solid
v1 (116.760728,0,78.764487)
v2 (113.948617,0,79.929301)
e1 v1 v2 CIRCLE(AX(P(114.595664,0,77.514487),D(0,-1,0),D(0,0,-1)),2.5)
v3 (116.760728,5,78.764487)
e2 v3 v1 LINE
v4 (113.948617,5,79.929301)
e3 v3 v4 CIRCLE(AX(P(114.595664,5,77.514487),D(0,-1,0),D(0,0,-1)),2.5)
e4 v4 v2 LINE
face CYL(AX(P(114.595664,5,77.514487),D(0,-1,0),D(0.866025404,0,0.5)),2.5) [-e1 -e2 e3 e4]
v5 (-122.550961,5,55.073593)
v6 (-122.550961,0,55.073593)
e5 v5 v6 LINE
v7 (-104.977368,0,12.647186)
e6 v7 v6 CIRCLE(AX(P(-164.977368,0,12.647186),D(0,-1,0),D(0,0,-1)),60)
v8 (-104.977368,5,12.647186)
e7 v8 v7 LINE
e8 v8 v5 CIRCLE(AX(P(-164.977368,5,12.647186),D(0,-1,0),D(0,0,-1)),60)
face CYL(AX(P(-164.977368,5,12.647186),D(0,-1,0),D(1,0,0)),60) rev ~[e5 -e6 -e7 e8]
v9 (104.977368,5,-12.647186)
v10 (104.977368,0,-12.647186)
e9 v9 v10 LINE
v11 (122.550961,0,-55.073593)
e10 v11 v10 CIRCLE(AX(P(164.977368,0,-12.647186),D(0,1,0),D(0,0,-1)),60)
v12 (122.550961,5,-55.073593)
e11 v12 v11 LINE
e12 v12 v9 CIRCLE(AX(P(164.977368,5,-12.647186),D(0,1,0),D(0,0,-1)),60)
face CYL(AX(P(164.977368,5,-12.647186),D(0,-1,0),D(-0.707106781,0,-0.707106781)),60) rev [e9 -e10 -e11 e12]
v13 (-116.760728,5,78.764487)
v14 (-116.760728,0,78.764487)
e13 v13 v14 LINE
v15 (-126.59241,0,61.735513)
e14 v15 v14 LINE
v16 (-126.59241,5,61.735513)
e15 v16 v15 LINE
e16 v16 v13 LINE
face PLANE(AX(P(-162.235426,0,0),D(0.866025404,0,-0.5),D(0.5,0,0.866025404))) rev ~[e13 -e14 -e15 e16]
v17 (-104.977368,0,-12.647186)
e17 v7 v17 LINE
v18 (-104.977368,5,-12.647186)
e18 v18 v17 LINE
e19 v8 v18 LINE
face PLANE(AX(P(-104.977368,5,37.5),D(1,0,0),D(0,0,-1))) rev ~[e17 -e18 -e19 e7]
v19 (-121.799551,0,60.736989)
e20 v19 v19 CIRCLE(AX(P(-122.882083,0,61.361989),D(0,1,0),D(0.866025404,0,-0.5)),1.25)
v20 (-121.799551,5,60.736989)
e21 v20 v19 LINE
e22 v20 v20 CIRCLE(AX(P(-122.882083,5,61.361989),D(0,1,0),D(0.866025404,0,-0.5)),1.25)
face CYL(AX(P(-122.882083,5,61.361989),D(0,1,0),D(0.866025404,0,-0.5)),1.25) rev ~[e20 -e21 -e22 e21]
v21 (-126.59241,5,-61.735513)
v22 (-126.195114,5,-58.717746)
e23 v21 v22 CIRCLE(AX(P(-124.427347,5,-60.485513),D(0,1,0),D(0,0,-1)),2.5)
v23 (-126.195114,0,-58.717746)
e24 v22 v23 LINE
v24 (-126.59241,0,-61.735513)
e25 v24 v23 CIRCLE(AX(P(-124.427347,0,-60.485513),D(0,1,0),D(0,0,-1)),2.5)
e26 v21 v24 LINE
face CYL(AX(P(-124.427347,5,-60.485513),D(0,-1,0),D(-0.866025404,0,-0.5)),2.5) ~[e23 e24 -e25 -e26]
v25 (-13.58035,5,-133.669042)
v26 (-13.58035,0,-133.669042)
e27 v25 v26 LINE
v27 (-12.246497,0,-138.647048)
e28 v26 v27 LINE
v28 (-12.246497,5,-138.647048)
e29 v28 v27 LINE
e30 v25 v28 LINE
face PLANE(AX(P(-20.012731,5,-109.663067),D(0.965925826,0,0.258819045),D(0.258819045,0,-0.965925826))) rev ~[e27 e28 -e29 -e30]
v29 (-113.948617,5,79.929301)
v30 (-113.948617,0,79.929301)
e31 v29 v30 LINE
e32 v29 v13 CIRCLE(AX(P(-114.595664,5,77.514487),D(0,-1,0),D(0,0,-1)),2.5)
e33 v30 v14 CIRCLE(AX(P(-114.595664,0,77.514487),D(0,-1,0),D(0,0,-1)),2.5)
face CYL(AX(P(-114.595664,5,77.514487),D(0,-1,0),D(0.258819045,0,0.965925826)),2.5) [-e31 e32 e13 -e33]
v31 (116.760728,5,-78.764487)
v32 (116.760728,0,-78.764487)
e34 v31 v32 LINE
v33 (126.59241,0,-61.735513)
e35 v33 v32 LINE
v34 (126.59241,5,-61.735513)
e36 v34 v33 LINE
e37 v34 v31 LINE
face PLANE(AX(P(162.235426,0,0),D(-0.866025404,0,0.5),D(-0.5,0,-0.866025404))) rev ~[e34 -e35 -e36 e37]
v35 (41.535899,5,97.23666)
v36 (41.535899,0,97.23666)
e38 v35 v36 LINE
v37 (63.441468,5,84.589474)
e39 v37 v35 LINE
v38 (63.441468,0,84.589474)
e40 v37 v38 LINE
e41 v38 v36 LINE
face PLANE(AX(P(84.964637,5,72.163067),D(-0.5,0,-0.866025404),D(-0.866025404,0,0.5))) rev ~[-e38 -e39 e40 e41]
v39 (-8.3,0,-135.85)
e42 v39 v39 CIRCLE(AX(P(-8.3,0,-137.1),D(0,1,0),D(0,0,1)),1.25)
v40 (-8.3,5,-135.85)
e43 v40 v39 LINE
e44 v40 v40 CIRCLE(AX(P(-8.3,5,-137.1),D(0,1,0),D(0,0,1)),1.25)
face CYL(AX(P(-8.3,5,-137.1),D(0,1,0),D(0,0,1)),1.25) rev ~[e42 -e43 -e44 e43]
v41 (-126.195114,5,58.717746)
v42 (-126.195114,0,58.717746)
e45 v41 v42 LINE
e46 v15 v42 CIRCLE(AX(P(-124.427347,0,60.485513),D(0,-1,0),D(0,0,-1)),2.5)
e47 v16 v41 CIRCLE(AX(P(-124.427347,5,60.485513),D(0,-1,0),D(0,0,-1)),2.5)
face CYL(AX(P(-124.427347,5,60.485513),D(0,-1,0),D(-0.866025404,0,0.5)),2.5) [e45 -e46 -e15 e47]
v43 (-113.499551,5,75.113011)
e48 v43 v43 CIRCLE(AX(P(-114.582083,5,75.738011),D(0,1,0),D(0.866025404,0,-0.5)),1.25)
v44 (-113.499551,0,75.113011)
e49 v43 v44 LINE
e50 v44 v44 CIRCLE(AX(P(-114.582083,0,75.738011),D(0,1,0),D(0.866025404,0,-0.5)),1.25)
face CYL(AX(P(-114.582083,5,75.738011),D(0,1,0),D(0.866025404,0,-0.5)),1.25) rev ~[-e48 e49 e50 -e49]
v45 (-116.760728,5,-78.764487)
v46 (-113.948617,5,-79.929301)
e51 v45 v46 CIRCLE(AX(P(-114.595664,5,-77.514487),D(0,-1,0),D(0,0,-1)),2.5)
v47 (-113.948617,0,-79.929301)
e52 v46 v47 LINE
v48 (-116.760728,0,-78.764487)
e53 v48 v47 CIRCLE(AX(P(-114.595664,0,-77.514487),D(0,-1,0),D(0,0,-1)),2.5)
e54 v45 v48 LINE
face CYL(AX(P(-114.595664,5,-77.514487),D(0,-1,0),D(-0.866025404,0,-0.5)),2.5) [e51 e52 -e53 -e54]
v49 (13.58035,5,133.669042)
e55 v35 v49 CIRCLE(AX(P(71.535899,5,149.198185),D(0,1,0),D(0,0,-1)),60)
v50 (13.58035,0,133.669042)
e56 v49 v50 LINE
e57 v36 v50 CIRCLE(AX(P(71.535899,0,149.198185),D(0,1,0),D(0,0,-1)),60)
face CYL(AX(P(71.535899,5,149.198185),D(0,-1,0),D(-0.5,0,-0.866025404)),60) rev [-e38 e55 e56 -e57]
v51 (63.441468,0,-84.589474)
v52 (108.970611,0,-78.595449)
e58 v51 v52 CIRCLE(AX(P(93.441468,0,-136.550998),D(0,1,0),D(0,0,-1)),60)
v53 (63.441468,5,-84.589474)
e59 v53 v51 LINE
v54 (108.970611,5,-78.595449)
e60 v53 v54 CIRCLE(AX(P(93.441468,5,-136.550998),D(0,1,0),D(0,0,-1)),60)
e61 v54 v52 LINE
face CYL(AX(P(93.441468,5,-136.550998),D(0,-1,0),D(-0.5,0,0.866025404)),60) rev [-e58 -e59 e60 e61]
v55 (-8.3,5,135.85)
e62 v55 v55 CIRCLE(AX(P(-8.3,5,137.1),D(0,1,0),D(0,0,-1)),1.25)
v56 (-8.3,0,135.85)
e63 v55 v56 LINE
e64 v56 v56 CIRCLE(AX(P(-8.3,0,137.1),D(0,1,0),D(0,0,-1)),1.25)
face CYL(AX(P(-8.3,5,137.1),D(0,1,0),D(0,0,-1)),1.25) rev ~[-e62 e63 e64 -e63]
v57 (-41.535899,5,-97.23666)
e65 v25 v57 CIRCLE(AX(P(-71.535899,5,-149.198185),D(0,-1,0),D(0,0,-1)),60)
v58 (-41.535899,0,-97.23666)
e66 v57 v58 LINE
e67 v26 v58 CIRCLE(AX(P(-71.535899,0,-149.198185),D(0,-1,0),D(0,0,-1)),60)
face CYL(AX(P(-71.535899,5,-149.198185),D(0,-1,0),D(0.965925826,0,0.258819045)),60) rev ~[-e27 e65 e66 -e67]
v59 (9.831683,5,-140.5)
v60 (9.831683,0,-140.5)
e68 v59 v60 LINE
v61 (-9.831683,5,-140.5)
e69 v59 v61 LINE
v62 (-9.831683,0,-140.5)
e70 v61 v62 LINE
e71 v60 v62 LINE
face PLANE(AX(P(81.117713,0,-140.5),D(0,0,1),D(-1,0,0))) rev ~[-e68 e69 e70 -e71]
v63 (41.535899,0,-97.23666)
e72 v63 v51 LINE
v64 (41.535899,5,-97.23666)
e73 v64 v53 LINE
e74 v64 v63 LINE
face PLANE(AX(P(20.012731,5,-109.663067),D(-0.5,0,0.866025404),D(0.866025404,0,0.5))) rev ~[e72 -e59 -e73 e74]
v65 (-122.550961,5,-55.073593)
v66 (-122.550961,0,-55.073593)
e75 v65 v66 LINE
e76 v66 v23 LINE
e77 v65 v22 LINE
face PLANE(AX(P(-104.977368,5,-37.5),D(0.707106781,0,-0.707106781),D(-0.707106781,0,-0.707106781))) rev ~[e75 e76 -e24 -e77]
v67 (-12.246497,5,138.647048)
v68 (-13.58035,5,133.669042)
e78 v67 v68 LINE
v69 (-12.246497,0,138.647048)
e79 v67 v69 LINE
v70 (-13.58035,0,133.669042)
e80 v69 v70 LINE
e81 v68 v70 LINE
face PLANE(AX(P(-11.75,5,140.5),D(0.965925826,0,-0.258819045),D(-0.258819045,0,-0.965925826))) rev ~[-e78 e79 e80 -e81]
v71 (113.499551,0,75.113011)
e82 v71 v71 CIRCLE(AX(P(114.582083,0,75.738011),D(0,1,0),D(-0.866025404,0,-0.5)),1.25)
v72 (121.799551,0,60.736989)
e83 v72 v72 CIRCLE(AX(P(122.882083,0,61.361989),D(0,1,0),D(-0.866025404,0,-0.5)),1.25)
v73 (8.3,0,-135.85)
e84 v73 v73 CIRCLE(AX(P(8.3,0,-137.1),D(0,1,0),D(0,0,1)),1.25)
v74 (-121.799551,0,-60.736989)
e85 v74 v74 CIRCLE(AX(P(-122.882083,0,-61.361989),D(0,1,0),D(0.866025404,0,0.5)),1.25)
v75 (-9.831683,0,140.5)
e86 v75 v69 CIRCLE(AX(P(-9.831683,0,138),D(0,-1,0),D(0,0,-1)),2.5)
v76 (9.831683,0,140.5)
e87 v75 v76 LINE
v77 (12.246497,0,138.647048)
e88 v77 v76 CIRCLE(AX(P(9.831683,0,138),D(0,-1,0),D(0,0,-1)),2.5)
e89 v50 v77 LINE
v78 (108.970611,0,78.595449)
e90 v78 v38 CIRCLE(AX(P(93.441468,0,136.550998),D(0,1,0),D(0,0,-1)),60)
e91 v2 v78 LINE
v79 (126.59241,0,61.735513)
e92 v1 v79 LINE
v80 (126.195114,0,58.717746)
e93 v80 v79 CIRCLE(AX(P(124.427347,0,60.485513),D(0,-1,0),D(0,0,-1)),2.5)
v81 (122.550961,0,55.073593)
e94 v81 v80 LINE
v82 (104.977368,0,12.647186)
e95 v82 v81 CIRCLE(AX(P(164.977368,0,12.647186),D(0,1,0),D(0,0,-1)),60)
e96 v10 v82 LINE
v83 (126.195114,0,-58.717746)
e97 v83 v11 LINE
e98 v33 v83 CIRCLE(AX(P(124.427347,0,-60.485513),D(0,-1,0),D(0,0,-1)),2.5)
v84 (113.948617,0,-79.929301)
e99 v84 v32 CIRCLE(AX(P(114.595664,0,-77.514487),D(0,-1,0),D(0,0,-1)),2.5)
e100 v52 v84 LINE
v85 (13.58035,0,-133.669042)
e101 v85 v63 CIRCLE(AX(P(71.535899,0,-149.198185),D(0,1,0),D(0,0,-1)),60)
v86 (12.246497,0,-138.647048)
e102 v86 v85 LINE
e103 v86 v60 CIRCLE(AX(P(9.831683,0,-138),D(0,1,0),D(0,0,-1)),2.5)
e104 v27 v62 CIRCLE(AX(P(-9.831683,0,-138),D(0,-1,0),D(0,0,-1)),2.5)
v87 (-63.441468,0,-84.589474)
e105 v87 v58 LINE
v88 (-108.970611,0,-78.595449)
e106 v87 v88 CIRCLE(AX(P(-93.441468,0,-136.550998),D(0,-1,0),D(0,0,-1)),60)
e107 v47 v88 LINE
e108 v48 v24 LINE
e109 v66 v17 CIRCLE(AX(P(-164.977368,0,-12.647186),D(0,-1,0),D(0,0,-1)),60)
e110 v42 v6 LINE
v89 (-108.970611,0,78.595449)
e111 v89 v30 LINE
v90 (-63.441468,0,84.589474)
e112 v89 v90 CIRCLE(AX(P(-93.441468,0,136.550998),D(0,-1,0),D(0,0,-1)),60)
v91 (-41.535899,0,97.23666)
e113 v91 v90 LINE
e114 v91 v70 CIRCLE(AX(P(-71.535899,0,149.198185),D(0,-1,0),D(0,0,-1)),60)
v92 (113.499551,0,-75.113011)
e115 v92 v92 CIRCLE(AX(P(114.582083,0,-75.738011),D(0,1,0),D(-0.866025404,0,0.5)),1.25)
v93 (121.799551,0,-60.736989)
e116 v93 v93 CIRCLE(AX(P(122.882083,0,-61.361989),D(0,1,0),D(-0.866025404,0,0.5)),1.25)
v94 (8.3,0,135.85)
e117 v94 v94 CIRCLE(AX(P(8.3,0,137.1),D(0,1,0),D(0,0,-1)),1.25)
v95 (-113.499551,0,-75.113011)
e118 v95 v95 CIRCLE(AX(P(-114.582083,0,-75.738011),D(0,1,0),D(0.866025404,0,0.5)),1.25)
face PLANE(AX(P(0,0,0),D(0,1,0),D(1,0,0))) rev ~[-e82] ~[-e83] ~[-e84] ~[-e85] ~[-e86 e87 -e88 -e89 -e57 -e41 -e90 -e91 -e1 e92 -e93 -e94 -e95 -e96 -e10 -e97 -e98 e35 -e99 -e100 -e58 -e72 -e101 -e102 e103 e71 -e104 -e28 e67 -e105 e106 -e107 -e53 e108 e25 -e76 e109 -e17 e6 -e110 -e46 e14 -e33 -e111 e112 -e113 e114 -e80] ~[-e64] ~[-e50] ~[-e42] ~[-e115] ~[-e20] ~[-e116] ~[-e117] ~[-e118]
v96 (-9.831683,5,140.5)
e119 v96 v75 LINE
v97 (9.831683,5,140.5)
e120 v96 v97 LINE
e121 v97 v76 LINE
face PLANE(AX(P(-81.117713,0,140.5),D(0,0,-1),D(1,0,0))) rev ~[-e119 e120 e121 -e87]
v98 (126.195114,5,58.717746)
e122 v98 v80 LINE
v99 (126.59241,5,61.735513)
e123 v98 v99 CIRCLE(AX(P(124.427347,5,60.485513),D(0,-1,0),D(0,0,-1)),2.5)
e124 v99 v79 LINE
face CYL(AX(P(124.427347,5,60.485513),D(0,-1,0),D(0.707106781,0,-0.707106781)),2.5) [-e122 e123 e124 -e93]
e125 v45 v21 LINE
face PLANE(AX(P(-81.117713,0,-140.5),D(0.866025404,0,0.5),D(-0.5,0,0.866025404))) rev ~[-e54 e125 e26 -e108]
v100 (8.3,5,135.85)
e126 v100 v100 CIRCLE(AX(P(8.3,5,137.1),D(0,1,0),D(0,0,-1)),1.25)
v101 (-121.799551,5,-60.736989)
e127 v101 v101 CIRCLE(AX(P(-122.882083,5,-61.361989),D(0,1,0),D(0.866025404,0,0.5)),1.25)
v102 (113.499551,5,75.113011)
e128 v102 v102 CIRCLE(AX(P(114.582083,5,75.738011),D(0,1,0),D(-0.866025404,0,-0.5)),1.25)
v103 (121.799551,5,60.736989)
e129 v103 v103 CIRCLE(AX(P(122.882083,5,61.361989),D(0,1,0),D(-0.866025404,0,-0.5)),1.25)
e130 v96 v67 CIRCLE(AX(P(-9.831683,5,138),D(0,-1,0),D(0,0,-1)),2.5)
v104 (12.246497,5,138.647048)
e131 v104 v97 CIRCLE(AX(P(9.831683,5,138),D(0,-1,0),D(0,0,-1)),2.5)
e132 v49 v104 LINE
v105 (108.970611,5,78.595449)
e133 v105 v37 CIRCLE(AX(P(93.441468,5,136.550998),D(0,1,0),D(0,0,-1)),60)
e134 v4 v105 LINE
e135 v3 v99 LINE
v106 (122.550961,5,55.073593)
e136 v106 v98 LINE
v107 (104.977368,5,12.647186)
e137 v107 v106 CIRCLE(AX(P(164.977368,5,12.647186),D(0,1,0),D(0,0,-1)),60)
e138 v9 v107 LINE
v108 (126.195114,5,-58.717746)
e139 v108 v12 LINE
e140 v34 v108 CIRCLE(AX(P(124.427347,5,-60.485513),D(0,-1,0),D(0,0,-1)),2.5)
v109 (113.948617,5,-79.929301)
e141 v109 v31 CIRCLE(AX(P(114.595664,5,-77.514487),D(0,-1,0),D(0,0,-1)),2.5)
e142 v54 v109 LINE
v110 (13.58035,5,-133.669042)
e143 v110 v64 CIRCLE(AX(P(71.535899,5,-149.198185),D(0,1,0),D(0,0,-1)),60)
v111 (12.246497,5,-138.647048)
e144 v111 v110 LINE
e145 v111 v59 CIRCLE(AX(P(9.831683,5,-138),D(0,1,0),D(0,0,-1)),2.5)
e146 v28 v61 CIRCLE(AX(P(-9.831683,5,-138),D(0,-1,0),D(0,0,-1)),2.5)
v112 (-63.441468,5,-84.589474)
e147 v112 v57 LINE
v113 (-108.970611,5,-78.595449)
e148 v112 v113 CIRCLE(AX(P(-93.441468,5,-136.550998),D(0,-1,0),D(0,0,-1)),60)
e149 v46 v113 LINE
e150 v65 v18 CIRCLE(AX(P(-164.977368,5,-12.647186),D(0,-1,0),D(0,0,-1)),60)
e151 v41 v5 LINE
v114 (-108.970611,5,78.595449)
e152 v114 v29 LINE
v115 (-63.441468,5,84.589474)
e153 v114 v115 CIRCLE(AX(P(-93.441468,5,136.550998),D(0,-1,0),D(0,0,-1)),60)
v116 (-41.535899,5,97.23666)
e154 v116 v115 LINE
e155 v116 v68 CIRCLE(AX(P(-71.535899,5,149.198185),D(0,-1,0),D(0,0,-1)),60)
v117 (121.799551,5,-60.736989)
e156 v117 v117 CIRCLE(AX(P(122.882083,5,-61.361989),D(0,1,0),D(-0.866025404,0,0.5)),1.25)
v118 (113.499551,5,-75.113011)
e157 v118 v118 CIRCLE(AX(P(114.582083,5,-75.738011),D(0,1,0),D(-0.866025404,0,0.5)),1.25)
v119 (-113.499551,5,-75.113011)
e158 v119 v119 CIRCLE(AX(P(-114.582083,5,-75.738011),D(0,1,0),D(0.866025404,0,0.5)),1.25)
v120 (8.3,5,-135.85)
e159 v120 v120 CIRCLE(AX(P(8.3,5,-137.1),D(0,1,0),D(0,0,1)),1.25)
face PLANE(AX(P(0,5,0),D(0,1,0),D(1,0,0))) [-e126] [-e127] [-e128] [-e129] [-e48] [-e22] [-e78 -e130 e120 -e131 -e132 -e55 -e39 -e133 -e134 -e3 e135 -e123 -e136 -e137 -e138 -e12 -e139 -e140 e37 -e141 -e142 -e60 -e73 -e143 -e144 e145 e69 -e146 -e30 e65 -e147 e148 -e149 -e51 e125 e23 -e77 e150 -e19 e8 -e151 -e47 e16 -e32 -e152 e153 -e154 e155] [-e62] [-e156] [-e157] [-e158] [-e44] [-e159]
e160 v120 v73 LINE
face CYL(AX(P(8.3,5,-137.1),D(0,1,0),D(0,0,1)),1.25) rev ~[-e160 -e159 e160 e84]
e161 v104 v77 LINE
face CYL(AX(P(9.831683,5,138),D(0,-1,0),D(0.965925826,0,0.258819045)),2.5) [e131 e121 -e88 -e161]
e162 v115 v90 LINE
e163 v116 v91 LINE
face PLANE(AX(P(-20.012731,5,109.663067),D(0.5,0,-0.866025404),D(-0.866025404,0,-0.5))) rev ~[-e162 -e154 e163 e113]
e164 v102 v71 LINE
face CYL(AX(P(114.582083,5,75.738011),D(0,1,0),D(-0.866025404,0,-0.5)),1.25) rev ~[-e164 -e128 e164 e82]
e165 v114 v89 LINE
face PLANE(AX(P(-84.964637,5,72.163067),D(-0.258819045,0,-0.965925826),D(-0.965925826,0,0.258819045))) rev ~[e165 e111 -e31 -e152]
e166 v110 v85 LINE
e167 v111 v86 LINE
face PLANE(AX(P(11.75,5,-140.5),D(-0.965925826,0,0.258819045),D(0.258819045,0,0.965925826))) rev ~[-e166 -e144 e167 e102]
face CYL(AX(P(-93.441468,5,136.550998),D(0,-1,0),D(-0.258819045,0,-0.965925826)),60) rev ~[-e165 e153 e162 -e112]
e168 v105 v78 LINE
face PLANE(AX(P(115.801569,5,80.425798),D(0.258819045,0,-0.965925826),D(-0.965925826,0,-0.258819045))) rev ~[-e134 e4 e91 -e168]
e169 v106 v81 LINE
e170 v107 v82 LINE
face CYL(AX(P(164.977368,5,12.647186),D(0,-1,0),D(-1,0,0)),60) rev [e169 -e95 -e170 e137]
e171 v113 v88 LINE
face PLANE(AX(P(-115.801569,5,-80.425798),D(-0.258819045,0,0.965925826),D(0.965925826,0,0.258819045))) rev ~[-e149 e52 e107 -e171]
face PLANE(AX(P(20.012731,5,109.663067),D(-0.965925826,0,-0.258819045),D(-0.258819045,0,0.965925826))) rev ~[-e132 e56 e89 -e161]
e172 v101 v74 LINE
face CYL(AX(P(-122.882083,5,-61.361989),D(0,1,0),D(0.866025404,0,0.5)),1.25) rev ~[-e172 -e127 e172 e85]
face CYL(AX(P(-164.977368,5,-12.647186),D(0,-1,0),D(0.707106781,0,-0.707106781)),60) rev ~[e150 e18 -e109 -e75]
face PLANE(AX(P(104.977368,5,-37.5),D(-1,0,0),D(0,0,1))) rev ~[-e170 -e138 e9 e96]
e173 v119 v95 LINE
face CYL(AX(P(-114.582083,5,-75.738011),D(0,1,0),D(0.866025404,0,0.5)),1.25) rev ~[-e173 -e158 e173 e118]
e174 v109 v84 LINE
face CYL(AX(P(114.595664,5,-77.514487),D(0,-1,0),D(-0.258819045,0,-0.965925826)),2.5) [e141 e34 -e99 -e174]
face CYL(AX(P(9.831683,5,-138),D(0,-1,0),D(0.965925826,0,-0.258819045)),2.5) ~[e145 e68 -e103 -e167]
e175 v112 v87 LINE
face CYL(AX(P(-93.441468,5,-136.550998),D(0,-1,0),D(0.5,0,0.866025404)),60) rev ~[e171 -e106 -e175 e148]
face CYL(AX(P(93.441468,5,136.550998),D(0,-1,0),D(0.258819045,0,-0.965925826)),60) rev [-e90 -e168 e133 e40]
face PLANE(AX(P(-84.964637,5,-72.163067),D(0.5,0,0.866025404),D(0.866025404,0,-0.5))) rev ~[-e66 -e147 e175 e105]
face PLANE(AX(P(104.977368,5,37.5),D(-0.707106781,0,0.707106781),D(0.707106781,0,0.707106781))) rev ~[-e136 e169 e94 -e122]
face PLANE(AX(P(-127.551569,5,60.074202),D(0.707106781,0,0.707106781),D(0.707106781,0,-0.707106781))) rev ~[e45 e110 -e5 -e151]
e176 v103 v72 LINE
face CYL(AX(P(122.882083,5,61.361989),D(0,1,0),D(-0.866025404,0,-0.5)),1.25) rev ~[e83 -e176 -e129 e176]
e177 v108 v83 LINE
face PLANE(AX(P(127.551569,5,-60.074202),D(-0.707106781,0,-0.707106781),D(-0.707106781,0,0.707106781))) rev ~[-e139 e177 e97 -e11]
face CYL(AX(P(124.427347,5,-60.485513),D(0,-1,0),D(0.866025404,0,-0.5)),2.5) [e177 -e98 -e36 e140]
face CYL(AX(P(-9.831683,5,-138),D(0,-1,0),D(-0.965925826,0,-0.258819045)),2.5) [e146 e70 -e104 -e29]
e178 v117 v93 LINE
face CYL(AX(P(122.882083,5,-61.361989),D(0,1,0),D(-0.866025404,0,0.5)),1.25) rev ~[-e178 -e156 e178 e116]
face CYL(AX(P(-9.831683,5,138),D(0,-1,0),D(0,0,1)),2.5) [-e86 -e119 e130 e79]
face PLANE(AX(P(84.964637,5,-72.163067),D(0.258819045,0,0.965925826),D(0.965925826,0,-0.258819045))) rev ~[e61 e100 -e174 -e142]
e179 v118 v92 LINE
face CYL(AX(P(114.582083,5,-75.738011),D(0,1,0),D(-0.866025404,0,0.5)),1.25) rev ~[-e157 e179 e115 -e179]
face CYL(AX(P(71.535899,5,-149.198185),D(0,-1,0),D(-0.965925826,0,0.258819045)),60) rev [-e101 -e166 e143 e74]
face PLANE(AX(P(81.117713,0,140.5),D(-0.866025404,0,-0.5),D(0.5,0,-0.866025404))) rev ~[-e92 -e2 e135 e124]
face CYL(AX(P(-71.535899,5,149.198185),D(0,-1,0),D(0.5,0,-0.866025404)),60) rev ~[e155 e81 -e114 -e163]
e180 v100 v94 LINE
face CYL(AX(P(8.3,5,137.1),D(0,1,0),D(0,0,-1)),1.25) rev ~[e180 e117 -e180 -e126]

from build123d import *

# Parameters (mm, degrees)
BOSS_EXTRUDE1_DEPTH = 5
SKETCH3_R           = 1.25
CUT_EXTRUDE1_DEPTH  = 215.675530355
CIRPATTERN2_COUNT   = 6
FILLET3_R           = 2.5
FILLET4_R           = 60


with BuildPart() as part:
    # Sketch1 → Boss-Extrude1 (new body)
    with BuildSketch(Plane(origin=(0, 0, 0), x_dir=(1, 0, 0), z_dir=(0, 1, 0))):
        Polygon((-81.117712821, 140.5), (-162.235425642, 0), (-81.117712821, -140.5), (81.117712821, -140.5), (162.235425642, 0), (81.117712821, 140.5), align=None)
    extrude(amount=BOSS_EXTRUDE1_DEPTH)

    # Sketch3 → Cut-Extrude1 (cut, through all)
    with BuildSketch(Plane(origin=(0, 5, 0), x_dir=(1, 0, 0), z_dir=(0, 1, 0))):
        with Locations((8.3, 137.1)):
            Circle(SKETCH3_R)
        with Locations((-8.3, 137.1)):
            Circle(SKETCH3_R)
        Polygon((11.75, 140.5), (20.012731221, 109.663067273), (84.964636505, 72.163067273), (115.801569232, 80.425798494), (81.117712821, 140.5), align=None)
    cut_extrude1 = extrude(amount=-CUT_EXTRUDE1_DEPTH, mode=Mode.SUBTRACT)

    # CirPattern2: Cut-Extrude1 ×6 about axis
    cirpattern2_axis = Axis((0, 0, 0), (0, 1, 0))
    for i in range(1, CIRPATTERN2_COUNT):
        add(cut_extrude1.rotate(cirpattern2_axis, i * 360 / CIRPATTERN2_COUNT), mode=Mode.SUBTRACT)

    # Fillet3
    fillet3_edges = [part.edges().sort_by_distance(p)[0] for p in [
        (115.801569232, 2.5, -80.425798494),
        (11.75, 2.5, -140.5),
        (127.551569232, 2.5, -60.074201506),
        (127.551569232, 2.5, 60.074201506),
        (115.801569232, 2.5, 80.425798494),
        (11.75, 2.5, 140.5),
        (-11.75, 2.5, 140.5),
        (-115.801569232, 2.5, 80.425798494),
        (-127.551569232, 2.5, 60.074201506),
        (-127.551569232, 2.5, -60.074201506),
        (-115.801569232, 2.5, -80.425798494),
        (-11.75, 2.5, -140.5),
    ]]
    fillet(fillet3_edges, radius=FILLET3_R)

    # Fillet4
    fillet4_edges = [part.edges().sort_by_distance(p)[0] for p in [
        (84.964636505, 2.5, -72.163067273),
        (20.012731221, 2.5, -109.663067273),
        (-20.012731221, 2.5, -109.663067273),
        (-84.964636505, 2.5, -72.163067273),
        (-104.977367726, 2.5, -37.5),
        (-104.977367726, 2.5, 37.5),
        (-84.964636505, 2.5, 72.163067273),
        (-20.012731221, 2.5, 109.663067273),
        (20.012731221, 2.5, 109.663067273),
        (84.964636505, 2.5, 72.163067273),
        (104.977367726, 2.5, 37.5),
        (104.977367726, 2.5, -37.5),
    ]]
    fillet(fillet4_edges, radius=FILLET4_R)


solid = part.part
